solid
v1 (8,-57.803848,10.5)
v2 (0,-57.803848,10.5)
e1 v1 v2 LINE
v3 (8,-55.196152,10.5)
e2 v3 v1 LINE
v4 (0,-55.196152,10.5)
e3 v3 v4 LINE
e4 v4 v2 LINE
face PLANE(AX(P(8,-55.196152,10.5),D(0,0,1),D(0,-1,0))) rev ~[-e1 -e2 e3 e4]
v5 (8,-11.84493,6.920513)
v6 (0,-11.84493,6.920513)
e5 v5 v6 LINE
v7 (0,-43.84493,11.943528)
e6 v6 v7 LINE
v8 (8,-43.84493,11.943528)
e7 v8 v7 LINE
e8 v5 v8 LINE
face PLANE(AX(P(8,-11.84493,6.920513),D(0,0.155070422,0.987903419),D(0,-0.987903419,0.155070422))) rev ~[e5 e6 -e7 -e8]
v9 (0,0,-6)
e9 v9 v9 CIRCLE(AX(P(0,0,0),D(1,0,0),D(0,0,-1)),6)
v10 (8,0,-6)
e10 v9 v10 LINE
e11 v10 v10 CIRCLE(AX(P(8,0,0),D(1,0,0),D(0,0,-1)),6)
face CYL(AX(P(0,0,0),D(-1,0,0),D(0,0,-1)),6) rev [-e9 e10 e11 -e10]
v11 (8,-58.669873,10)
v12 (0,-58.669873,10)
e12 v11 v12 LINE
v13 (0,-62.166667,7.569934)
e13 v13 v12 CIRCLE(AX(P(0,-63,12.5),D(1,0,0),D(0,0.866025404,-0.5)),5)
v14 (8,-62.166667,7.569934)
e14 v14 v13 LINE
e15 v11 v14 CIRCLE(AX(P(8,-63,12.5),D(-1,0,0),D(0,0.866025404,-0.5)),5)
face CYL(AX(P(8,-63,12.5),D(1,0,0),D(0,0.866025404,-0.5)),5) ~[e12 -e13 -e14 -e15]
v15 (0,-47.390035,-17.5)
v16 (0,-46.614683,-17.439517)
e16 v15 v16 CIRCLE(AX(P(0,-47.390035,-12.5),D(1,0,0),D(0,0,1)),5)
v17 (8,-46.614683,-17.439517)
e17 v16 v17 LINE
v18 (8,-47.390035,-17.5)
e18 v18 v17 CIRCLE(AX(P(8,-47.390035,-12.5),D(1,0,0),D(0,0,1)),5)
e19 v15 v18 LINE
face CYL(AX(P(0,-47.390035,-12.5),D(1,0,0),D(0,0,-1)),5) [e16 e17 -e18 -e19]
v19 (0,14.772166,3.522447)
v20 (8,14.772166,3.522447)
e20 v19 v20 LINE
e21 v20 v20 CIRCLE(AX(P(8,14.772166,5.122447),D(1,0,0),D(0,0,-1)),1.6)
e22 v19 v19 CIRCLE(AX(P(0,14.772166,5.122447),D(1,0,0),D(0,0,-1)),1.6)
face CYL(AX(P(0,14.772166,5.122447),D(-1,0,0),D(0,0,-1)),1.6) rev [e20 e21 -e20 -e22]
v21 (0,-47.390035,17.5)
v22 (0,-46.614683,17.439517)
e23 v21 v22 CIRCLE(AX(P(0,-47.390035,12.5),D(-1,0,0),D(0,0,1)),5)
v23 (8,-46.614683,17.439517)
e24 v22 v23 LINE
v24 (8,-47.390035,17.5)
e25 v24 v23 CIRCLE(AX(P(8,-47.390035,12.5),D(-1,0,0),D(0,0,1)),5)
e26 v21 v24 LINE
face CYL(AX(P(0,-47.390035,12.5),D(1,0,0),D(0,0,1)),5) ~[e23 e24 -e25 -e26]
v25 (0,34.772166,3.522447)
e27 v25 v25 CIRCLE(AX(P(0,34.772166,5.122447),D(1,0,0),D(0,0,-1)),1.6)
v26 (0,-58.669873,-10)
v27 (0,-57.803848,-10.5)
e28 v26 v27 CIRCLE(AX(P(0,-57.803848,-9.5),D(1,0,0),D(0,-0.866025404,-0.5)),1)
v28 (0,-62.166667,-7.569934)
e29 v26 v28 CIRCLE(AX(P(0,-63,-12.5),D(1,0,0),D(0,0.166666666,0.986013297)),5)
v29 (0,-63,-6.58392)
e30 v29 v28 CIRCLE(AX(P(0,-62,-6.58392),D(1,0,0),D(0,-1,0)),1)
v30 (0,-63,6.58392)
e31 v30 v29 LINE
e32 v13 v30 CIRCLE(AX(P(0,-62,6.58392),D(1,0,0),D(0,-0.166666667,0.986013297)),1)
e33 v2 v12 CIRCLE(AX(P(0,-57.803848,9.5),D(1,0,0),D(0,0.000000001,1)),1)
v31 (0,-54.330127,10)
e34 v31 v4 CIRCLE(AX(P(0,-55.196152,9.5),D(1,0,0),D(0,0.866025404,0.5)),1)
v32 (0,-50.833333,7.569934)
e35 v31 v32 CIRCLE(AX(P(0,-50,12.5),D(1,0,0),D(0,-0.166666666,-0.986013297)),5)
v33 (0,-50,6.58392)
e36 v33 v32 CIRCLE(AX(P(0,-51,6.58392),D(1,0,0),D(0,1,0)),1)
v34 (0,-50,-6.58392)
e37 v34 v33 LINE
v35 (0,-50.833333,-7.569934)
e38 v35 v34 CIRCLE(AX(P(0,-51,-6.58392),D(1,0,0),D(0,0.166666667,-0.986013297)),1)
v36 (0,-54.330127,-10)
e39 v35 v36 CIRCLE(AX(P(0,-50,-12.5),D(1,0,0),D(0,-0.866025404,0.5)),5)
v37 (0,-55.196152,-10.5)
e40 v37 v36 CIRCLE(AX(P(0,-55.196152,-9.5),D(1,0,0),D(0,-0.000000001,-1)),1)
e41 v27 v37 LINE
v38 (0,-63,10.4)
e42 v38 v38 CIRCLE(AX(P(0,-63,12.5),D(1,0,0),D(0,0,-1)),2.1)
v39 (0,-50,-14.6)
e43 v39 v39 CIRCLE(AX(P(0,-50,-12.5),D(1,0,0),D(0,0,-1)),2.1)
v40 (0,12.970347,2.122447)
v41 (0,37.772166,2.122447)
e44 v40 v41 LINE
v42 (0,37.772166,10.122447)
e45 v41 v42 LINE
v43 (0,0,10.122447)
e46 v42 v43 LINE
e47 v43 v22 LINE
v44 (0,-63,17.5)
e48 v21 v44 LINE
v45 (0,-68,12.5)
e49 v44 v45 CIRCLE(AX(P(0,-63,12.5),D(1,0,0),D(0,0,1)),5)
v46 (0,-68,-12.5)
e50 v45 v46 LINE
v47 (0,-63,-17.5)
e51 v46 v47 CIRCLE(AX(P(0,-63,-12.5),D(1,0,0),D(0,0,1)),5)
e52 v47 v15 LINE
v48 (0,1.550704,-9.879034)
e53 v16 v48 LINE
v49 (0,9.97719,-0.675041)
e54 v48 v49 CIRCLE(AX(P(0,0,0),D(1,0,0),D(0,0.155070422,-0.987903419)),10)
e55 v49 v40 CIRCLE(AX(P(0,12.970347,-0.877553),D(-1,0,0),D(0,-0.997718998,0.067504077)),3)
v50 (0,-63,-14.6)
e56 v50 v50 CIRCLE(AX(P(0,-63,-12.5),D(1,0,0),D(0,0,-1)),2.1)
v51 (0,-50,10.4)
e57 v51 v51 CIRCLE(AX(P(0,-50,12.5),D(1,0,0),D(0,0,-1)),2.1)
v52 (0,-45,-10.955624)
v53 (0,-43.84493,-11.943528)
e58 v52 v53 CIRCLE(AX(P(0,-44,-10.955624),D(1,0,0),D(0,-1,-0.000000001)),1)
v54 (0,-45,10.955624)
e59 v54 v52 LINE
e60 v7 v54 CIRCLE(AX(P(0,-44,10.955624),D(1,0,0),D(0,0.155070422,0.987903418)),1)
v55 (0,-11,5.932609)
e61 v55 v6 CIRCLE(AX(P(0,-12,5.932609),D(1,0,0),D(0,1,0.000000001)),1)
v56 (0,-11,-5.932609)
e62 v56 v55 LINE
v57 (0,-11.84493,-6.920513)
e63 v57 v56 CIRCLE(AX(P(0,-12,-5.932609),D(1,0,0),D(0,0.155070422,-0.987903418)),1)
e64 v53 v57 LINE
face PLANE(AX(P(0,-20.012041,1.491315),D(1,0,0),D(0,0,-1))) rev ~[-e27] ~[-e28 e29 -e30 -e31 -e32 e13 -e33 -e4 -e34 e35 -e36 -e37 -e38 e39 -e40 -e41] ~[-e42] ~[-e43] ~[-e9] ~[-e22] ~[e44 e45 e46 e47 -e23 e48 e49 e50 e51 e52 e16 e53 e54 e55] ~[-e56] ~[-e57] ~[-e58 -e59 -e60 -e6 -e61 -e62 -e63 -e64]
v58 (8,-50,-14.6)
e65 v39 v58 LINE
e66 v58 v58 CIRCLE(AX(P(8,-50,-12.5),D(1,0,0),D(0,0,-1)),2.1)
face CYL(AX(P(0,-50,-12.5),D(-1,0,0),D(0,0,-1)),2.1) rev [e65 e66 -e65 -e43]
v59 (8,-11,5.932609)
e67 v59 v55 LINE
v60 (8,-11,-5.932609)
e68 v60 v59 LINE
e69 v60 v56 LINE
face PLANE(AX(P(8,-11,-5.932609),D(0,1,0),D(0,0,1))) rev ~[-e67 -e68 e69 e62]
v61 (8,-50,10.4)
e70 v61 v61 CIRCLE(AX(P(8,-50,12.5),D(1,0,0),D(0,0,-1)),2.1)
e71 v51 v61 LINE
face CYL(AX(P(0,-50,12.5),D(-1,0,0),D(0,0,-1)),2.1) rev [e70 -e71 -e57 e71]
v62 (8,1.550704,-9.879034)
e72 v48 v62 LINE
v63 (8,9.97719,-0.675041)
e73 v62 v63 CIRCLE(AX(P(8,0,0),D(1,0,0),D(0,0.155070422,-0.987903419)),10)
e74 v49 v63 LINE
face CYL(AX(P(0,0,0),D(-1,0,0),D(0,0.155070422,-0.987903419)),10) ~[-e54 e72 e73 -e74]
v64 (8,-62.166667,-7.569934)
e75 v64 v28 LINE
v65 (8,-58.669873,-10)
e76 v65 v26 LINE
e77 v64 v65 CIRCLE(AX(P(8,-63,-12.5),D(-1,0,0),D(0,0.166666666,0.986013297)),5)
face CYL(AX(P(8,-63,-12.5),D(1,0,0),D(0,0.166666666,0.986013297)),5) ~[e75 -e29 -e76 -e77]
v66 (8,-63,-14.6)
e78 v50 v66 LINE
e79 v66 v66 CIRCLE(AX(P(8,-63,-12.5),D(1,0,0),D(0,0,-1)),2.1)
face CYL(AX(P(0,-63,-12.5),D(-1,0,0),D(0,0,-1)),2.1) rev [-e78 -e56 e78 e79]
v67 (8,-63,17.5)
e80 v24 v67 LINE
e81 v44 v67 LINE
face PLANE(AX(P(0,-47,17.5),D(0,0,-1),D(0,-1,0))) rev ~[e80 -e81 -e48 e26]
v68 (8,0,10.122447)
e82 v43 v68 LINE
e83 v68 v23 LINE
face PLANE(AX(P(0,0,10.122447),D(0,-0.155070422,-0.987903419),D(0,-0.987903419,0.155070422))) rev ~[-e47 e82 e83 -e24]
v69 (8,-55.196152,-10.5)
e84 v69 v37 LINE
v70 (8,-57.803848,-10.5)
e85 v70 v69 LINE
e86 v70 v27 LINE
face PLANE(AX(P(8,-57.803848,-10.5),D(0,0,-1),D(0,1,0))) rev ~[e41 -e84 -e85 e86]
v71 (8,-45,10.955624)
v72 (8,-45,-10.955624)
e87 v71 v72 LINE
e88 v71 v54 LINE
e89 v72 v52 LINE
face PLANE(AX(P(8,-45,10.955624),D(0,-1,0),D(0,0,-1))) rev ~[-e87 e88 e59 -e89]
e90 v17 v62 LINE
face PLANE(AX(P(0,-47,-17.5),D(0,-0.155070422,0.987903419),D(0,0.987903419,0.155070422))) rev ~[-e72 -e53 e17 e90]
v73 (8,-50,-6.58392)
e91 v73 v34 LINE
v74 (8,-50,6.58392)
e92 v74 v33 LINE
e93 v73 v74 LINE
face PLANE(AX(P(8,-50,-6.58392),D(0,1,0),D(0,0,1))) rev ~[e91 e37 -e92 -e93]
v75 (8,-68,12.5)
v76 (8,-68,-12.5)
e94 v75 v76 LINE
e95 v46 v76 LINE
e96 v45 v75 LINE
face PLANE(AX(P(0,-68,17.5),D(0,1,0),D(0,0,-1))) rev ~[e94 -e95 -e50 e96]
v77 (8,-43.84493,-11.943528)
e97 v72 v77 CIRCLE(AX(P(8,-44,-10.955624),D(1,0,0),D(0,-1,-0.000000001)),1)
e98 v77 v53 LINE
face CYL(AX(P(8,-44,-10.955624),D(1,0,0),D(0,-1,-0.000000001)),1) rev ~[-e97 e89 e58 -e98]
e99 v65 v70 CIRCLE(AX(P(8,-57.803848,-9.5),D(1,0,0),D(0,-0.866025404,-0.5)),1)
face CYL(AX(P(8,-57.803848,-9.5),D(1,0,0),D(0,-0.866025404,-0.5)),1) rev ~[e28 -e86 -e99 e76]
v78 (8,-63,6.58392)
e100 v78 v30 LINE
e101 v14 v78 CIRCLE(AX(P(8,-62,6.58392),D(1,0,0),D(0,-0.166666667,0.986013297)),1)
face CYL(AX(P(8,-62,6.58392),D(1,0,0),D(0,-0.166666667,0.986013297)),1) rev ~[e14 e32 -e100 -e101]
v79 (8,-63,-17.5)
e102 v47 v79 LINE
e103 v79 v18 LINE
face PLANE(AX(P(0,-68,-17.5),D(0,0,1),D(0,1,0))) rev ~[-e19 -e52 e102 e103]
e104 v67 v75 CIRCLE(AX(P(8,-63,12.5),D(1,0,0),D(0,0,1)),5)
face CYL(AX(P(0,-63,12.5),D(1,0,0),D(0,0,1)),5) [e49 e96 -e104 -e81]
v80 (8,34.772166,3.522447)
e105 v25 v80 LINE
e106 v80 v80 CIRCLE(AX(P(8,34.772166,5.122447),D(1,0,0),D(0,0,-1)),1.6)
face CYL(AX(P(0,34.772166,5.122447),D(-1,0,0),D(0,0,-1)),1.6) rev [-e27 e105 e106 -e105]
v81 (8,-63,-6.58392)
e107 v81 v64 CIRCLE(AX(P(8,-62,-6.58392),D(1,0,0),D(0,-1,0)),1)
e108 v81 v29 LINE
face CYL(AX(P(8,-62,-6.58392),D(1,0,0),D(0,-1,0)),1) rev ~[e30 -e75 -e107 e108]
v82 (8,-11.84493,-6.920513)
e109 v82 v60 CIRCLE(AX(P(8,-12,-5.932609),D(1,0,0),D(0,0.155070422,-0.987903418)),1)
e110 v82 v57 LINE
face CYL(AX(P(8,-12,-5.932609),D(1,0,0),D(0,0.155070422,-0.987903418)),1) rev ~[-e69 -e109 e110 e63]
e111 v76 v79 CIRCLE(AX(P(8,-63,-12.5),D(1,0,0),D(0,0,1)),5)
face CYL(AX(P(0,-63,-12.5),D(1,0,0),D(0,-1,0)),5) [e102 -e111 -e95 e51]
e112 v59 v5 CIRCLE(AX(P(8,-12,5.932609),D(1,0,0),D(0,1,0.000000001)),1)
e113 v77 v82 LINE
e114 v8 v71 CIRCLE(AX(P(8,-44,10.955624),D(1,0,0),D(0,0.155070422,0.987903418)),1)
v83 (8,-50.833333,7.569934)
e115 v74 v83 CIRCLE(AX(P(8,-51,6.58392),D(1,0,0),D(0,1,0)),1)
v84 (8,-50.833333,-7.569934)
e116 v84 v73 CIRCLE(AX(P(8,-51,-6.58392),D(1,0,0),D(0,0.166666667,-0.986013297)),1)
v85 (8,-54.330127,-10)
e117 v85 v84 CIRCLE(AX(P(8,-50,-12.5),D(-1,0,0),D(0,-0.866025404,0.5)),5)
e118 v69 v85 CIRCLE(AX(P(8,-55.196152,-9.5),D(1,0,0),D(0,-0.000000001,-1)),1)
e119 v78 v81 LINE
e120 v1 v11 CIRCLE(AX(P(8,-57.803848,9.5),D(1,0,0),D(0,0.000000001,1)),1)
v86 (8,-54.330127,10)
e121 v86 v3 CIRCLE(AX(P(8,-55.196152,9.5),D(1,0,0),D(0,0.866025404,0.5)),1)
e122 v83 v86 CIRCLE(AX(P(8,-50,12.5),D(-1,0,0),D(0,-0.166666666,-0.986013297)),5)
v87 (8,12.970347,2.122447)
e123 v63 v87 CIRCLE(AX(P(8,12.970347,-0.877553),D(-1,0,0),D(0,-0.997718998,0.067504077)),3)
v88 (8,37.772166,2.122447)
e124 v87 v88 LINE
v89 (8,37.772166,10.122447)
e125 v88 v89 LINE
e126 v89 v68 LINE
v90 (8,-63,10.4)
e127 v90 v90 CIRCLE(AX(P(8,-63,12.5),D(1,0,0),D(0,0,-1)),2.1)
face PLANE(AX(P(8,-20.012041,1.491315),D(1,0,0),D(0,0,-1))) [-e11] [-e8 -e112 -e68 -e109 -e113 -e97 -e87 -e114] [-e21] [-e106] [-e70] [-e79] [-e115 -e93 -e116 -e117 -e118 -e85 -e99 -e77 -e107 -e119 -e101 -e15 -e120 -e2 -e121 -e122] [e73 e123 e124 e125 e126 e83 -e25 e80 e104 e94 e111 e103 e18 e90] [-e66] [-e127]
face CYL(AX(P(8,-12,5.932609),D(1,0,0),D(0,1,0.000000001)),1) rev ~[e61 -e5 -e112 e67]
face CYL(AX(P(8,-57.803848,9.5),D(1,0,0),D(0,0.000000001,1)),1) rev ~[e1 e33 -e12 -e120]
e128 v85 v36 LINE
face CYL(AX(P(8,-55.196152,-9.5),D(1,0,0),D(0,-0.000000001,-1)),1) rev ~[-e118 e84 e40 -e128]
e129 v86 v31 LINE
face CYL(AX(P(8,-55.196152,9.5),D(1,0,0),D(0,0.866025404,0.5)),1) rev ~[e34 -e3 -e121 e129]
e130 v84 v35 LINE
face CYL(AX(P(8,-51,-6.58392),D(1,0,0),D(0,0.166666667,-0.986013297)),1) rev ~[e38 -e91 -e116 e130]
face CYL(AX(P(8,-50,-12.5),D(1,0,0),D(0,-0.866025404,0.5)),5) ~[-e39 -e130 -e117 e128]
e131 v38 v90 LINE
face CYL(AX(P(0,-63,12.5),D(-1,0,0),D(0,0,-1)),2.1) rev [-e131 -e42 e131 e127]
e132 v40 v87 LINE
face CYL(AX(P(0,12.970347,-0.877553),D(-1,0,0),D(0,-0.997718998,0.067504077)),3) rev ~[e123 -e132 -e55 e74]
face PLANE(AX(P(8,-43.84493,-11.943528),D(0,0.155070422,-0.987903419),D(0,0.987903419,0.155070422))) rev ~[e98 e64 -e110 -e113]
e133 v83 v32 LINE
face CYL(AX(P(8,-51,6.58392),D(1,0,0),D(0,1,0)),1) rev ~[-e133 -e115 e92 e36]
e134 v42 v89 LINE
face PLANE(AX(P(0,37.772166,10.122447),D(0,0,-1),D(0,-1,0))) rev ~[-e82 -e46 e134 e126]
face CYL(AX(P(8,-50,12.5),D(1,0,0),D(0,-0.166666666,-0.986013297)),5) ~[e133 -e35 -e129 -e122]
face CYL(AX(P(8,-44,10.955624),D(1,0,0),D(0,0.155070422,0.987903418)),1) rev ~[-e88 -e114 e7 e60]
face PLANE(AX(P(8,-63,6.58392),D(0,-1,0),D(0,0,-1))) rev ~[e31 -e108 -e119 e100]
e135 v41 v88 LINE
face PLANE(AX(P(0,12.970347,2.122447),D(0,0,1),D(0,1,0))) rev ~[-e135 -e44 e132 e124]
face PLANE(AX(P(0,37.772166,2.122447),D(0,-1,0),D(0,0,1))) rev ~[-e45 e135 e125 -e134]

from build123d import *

# Parameters (mm, degrees)
SKETCH_1_R          = 6
SKETCH_1_R_2        = 2.1
SKETCH_1_R_3        = 1.6
EXTRUDE_1_DEPTH     = 8
CUT_EXTRUDE_2_DEPTH = 71.670007783
FILLET_1_R          = 5


with BuildPart() as part:
    # 草图1 → 凸台-拉伸1 (new body)
    with BuildSketch(Plane(origin=(0, 0, 0), x_dir=(0, 0, -1), z_dir=(1, 0, 0))):
        with BuildLine():
            Line((-17.5, -47), (-17.5, -68))
            Line((-17.5, -68), (17.5, -68))
            Line((17.5, -68), (17.5, -47))
            Line((17.5, -47), (9.879034185, 1.550704218))
            ThreePointArc((9.879034185, 1.550704218), (6.75266911, 7.375734533), (0.675040765, 9.977189983))
            ThreePointArc((0.675040765, 9.977189983), (-1.314197069, 10.921876413), (-2.122447005, 12.970346978))
            Line((-2.122447005, 12.970346978), (-2.122447005, 37.772165508))
            Line((-2.122447005, 37.772165508), (-10.122447005, 37.772165508))
            Line((-10.122447005, 37.772165508), (-10.122447005, 0))
            Line((-10.122447005, 0), (-17.5, -47))
        make_face()
        Circle(SKETCH_1_R, mode=Mode.SUBTRACT)
        with Locations((-12.5, -50)):
            Circle(SKETCH_1_R_2, mode=Mode.SUBTRACT)
        with Locations((12.5, -50)):
            Circle(SKETCH_1_R_2, mode=Mode.SUBTRACT)
        with Locations((-12.5, -63)):
            Circle(SKETCH_1_R_2, mode=Mode.SUBTRACT)
        with Locations((12.5, -63)):
            Circle(SKETCH_1_R_2, mode=Mode.SUBTRACT)
        with Locations((-5.122447005, 34.772165508)):
            Circle(SKETCH_1_R_3, mode=Mode.SUBTRACT)
        with Locations((-5.122447005, 14.772165508)):
            Circle(SKETCH_1_R_3, mode=Mode.SUBTRACT)
    extrude(amount=EXTRUDE_1_DEPTH)

    # 草图3 → 切除-拉伸2 (cut, through all)
    with BuildSketch(Plane(origin=(8, 0, 0), x_dir=(0, 0, -1), z_dir=(1, 0, 0))):
        with BuildLine():
            Line((-6.920512772, -11.844929578), (-11.943527577, -43.844929578))
            ThreePointArc((-11.943527577, -43.844929578), (-11.715581533, -44.649972914), (-10.955624159, -45))
            Line((-10.955624159, -45), (10.955624159, -45))
            ThreePointArc((10.955624159, -45), (11.715581533, -44.649972914), (11.943527577, -43.844929578))
            Line((11.943527577, -43.844929578), (6.920512772, -11.844929578))
            ThreePointArc((6.920512772, -11.844929578), (6.582582268, -11.240042626), (5.932609354, -11))
            Line((5.932609354, -11), (-5.932609354, -11))
            ThreePointArc((-5.932609354, -11), (-6.582582268, -11.240042626), (-6.920512772, -11.844929578))
        make_face()
        with BuildLine():
            Line((-10.5, -55.196152423), (-10.5, -57.803847577))
            ThreePointArc((-10.5, -57.803847577), (-10.366025404, -58.303847577), (-10, -58.669872981))
            ThreePointArc((-10, -58.669872981), (-8.394106246, -60.146644697), (-7.569933514, -62.166666667))
            ThreePointArc((-7.569933514, -62.166666667), (-7.229417441, -62.763762616), (-6.583920217, -63))
            Line((-6.583920217, -63), (6.583920217, -63))
            ThreePointArc((6.583920217, -63), (7.229417441, -62.763762616), (7.569933514, -62.166666667))
            ThreePointArc((7.569933514, -62.166666667), (8.394106246, -60.146644697), (10, -58.669872981))
            ThreePointArc((10, -58.669872981), (10.366025404, -58.303847577), (10.5, -57.803847577))
            Line((10.5, -57.803847577), (10.5, -55.196152423))
            ThreePointArc((10.5, -55.196152423), (10.366025404, -54.696152423), (10, -54.330127019))
            ThreePointArc((10, -54.330127019), (8.394106246, -52.853355303), (7.569933514, -50.833333333))
            ThreePointArc((7.569933514, -50.833333333), (7.229417441, -50.236237384), (6.583920217, -50))
            Line((6.583920217, -50), (-6.583920217, -50))
            ThreePointArc((-6.583920217, -50), (-7.229417441, -50.236237384), (-7.569933514, -50.833333333))
            ThreePointArc((-7.569933514, -50.833333333), (-8.394106246, -52.853355303), (-10, -54.330127019))
            ThreePointArc((-10, -54.330127019), (-10.366025404, -54.696152423), (-10.5, -55.196152423))
        make_face()
    extrude(amount=-CUT_EXTRUDE_2_DEPTH, mode=Mode.SUBTRACT)

    # 圆角1
    fillet_1_edges = [part.edges().sort_by_distance(p)[0] for p in [
        (4, -47, -17.5),
        (4, -68, -17.5),
        (4, -68, 17.5),
        (4, -47, 17.5),
    ]]
    fillet(fillet_1_edges, radius=FILLET_1_R)


solid = part.part
